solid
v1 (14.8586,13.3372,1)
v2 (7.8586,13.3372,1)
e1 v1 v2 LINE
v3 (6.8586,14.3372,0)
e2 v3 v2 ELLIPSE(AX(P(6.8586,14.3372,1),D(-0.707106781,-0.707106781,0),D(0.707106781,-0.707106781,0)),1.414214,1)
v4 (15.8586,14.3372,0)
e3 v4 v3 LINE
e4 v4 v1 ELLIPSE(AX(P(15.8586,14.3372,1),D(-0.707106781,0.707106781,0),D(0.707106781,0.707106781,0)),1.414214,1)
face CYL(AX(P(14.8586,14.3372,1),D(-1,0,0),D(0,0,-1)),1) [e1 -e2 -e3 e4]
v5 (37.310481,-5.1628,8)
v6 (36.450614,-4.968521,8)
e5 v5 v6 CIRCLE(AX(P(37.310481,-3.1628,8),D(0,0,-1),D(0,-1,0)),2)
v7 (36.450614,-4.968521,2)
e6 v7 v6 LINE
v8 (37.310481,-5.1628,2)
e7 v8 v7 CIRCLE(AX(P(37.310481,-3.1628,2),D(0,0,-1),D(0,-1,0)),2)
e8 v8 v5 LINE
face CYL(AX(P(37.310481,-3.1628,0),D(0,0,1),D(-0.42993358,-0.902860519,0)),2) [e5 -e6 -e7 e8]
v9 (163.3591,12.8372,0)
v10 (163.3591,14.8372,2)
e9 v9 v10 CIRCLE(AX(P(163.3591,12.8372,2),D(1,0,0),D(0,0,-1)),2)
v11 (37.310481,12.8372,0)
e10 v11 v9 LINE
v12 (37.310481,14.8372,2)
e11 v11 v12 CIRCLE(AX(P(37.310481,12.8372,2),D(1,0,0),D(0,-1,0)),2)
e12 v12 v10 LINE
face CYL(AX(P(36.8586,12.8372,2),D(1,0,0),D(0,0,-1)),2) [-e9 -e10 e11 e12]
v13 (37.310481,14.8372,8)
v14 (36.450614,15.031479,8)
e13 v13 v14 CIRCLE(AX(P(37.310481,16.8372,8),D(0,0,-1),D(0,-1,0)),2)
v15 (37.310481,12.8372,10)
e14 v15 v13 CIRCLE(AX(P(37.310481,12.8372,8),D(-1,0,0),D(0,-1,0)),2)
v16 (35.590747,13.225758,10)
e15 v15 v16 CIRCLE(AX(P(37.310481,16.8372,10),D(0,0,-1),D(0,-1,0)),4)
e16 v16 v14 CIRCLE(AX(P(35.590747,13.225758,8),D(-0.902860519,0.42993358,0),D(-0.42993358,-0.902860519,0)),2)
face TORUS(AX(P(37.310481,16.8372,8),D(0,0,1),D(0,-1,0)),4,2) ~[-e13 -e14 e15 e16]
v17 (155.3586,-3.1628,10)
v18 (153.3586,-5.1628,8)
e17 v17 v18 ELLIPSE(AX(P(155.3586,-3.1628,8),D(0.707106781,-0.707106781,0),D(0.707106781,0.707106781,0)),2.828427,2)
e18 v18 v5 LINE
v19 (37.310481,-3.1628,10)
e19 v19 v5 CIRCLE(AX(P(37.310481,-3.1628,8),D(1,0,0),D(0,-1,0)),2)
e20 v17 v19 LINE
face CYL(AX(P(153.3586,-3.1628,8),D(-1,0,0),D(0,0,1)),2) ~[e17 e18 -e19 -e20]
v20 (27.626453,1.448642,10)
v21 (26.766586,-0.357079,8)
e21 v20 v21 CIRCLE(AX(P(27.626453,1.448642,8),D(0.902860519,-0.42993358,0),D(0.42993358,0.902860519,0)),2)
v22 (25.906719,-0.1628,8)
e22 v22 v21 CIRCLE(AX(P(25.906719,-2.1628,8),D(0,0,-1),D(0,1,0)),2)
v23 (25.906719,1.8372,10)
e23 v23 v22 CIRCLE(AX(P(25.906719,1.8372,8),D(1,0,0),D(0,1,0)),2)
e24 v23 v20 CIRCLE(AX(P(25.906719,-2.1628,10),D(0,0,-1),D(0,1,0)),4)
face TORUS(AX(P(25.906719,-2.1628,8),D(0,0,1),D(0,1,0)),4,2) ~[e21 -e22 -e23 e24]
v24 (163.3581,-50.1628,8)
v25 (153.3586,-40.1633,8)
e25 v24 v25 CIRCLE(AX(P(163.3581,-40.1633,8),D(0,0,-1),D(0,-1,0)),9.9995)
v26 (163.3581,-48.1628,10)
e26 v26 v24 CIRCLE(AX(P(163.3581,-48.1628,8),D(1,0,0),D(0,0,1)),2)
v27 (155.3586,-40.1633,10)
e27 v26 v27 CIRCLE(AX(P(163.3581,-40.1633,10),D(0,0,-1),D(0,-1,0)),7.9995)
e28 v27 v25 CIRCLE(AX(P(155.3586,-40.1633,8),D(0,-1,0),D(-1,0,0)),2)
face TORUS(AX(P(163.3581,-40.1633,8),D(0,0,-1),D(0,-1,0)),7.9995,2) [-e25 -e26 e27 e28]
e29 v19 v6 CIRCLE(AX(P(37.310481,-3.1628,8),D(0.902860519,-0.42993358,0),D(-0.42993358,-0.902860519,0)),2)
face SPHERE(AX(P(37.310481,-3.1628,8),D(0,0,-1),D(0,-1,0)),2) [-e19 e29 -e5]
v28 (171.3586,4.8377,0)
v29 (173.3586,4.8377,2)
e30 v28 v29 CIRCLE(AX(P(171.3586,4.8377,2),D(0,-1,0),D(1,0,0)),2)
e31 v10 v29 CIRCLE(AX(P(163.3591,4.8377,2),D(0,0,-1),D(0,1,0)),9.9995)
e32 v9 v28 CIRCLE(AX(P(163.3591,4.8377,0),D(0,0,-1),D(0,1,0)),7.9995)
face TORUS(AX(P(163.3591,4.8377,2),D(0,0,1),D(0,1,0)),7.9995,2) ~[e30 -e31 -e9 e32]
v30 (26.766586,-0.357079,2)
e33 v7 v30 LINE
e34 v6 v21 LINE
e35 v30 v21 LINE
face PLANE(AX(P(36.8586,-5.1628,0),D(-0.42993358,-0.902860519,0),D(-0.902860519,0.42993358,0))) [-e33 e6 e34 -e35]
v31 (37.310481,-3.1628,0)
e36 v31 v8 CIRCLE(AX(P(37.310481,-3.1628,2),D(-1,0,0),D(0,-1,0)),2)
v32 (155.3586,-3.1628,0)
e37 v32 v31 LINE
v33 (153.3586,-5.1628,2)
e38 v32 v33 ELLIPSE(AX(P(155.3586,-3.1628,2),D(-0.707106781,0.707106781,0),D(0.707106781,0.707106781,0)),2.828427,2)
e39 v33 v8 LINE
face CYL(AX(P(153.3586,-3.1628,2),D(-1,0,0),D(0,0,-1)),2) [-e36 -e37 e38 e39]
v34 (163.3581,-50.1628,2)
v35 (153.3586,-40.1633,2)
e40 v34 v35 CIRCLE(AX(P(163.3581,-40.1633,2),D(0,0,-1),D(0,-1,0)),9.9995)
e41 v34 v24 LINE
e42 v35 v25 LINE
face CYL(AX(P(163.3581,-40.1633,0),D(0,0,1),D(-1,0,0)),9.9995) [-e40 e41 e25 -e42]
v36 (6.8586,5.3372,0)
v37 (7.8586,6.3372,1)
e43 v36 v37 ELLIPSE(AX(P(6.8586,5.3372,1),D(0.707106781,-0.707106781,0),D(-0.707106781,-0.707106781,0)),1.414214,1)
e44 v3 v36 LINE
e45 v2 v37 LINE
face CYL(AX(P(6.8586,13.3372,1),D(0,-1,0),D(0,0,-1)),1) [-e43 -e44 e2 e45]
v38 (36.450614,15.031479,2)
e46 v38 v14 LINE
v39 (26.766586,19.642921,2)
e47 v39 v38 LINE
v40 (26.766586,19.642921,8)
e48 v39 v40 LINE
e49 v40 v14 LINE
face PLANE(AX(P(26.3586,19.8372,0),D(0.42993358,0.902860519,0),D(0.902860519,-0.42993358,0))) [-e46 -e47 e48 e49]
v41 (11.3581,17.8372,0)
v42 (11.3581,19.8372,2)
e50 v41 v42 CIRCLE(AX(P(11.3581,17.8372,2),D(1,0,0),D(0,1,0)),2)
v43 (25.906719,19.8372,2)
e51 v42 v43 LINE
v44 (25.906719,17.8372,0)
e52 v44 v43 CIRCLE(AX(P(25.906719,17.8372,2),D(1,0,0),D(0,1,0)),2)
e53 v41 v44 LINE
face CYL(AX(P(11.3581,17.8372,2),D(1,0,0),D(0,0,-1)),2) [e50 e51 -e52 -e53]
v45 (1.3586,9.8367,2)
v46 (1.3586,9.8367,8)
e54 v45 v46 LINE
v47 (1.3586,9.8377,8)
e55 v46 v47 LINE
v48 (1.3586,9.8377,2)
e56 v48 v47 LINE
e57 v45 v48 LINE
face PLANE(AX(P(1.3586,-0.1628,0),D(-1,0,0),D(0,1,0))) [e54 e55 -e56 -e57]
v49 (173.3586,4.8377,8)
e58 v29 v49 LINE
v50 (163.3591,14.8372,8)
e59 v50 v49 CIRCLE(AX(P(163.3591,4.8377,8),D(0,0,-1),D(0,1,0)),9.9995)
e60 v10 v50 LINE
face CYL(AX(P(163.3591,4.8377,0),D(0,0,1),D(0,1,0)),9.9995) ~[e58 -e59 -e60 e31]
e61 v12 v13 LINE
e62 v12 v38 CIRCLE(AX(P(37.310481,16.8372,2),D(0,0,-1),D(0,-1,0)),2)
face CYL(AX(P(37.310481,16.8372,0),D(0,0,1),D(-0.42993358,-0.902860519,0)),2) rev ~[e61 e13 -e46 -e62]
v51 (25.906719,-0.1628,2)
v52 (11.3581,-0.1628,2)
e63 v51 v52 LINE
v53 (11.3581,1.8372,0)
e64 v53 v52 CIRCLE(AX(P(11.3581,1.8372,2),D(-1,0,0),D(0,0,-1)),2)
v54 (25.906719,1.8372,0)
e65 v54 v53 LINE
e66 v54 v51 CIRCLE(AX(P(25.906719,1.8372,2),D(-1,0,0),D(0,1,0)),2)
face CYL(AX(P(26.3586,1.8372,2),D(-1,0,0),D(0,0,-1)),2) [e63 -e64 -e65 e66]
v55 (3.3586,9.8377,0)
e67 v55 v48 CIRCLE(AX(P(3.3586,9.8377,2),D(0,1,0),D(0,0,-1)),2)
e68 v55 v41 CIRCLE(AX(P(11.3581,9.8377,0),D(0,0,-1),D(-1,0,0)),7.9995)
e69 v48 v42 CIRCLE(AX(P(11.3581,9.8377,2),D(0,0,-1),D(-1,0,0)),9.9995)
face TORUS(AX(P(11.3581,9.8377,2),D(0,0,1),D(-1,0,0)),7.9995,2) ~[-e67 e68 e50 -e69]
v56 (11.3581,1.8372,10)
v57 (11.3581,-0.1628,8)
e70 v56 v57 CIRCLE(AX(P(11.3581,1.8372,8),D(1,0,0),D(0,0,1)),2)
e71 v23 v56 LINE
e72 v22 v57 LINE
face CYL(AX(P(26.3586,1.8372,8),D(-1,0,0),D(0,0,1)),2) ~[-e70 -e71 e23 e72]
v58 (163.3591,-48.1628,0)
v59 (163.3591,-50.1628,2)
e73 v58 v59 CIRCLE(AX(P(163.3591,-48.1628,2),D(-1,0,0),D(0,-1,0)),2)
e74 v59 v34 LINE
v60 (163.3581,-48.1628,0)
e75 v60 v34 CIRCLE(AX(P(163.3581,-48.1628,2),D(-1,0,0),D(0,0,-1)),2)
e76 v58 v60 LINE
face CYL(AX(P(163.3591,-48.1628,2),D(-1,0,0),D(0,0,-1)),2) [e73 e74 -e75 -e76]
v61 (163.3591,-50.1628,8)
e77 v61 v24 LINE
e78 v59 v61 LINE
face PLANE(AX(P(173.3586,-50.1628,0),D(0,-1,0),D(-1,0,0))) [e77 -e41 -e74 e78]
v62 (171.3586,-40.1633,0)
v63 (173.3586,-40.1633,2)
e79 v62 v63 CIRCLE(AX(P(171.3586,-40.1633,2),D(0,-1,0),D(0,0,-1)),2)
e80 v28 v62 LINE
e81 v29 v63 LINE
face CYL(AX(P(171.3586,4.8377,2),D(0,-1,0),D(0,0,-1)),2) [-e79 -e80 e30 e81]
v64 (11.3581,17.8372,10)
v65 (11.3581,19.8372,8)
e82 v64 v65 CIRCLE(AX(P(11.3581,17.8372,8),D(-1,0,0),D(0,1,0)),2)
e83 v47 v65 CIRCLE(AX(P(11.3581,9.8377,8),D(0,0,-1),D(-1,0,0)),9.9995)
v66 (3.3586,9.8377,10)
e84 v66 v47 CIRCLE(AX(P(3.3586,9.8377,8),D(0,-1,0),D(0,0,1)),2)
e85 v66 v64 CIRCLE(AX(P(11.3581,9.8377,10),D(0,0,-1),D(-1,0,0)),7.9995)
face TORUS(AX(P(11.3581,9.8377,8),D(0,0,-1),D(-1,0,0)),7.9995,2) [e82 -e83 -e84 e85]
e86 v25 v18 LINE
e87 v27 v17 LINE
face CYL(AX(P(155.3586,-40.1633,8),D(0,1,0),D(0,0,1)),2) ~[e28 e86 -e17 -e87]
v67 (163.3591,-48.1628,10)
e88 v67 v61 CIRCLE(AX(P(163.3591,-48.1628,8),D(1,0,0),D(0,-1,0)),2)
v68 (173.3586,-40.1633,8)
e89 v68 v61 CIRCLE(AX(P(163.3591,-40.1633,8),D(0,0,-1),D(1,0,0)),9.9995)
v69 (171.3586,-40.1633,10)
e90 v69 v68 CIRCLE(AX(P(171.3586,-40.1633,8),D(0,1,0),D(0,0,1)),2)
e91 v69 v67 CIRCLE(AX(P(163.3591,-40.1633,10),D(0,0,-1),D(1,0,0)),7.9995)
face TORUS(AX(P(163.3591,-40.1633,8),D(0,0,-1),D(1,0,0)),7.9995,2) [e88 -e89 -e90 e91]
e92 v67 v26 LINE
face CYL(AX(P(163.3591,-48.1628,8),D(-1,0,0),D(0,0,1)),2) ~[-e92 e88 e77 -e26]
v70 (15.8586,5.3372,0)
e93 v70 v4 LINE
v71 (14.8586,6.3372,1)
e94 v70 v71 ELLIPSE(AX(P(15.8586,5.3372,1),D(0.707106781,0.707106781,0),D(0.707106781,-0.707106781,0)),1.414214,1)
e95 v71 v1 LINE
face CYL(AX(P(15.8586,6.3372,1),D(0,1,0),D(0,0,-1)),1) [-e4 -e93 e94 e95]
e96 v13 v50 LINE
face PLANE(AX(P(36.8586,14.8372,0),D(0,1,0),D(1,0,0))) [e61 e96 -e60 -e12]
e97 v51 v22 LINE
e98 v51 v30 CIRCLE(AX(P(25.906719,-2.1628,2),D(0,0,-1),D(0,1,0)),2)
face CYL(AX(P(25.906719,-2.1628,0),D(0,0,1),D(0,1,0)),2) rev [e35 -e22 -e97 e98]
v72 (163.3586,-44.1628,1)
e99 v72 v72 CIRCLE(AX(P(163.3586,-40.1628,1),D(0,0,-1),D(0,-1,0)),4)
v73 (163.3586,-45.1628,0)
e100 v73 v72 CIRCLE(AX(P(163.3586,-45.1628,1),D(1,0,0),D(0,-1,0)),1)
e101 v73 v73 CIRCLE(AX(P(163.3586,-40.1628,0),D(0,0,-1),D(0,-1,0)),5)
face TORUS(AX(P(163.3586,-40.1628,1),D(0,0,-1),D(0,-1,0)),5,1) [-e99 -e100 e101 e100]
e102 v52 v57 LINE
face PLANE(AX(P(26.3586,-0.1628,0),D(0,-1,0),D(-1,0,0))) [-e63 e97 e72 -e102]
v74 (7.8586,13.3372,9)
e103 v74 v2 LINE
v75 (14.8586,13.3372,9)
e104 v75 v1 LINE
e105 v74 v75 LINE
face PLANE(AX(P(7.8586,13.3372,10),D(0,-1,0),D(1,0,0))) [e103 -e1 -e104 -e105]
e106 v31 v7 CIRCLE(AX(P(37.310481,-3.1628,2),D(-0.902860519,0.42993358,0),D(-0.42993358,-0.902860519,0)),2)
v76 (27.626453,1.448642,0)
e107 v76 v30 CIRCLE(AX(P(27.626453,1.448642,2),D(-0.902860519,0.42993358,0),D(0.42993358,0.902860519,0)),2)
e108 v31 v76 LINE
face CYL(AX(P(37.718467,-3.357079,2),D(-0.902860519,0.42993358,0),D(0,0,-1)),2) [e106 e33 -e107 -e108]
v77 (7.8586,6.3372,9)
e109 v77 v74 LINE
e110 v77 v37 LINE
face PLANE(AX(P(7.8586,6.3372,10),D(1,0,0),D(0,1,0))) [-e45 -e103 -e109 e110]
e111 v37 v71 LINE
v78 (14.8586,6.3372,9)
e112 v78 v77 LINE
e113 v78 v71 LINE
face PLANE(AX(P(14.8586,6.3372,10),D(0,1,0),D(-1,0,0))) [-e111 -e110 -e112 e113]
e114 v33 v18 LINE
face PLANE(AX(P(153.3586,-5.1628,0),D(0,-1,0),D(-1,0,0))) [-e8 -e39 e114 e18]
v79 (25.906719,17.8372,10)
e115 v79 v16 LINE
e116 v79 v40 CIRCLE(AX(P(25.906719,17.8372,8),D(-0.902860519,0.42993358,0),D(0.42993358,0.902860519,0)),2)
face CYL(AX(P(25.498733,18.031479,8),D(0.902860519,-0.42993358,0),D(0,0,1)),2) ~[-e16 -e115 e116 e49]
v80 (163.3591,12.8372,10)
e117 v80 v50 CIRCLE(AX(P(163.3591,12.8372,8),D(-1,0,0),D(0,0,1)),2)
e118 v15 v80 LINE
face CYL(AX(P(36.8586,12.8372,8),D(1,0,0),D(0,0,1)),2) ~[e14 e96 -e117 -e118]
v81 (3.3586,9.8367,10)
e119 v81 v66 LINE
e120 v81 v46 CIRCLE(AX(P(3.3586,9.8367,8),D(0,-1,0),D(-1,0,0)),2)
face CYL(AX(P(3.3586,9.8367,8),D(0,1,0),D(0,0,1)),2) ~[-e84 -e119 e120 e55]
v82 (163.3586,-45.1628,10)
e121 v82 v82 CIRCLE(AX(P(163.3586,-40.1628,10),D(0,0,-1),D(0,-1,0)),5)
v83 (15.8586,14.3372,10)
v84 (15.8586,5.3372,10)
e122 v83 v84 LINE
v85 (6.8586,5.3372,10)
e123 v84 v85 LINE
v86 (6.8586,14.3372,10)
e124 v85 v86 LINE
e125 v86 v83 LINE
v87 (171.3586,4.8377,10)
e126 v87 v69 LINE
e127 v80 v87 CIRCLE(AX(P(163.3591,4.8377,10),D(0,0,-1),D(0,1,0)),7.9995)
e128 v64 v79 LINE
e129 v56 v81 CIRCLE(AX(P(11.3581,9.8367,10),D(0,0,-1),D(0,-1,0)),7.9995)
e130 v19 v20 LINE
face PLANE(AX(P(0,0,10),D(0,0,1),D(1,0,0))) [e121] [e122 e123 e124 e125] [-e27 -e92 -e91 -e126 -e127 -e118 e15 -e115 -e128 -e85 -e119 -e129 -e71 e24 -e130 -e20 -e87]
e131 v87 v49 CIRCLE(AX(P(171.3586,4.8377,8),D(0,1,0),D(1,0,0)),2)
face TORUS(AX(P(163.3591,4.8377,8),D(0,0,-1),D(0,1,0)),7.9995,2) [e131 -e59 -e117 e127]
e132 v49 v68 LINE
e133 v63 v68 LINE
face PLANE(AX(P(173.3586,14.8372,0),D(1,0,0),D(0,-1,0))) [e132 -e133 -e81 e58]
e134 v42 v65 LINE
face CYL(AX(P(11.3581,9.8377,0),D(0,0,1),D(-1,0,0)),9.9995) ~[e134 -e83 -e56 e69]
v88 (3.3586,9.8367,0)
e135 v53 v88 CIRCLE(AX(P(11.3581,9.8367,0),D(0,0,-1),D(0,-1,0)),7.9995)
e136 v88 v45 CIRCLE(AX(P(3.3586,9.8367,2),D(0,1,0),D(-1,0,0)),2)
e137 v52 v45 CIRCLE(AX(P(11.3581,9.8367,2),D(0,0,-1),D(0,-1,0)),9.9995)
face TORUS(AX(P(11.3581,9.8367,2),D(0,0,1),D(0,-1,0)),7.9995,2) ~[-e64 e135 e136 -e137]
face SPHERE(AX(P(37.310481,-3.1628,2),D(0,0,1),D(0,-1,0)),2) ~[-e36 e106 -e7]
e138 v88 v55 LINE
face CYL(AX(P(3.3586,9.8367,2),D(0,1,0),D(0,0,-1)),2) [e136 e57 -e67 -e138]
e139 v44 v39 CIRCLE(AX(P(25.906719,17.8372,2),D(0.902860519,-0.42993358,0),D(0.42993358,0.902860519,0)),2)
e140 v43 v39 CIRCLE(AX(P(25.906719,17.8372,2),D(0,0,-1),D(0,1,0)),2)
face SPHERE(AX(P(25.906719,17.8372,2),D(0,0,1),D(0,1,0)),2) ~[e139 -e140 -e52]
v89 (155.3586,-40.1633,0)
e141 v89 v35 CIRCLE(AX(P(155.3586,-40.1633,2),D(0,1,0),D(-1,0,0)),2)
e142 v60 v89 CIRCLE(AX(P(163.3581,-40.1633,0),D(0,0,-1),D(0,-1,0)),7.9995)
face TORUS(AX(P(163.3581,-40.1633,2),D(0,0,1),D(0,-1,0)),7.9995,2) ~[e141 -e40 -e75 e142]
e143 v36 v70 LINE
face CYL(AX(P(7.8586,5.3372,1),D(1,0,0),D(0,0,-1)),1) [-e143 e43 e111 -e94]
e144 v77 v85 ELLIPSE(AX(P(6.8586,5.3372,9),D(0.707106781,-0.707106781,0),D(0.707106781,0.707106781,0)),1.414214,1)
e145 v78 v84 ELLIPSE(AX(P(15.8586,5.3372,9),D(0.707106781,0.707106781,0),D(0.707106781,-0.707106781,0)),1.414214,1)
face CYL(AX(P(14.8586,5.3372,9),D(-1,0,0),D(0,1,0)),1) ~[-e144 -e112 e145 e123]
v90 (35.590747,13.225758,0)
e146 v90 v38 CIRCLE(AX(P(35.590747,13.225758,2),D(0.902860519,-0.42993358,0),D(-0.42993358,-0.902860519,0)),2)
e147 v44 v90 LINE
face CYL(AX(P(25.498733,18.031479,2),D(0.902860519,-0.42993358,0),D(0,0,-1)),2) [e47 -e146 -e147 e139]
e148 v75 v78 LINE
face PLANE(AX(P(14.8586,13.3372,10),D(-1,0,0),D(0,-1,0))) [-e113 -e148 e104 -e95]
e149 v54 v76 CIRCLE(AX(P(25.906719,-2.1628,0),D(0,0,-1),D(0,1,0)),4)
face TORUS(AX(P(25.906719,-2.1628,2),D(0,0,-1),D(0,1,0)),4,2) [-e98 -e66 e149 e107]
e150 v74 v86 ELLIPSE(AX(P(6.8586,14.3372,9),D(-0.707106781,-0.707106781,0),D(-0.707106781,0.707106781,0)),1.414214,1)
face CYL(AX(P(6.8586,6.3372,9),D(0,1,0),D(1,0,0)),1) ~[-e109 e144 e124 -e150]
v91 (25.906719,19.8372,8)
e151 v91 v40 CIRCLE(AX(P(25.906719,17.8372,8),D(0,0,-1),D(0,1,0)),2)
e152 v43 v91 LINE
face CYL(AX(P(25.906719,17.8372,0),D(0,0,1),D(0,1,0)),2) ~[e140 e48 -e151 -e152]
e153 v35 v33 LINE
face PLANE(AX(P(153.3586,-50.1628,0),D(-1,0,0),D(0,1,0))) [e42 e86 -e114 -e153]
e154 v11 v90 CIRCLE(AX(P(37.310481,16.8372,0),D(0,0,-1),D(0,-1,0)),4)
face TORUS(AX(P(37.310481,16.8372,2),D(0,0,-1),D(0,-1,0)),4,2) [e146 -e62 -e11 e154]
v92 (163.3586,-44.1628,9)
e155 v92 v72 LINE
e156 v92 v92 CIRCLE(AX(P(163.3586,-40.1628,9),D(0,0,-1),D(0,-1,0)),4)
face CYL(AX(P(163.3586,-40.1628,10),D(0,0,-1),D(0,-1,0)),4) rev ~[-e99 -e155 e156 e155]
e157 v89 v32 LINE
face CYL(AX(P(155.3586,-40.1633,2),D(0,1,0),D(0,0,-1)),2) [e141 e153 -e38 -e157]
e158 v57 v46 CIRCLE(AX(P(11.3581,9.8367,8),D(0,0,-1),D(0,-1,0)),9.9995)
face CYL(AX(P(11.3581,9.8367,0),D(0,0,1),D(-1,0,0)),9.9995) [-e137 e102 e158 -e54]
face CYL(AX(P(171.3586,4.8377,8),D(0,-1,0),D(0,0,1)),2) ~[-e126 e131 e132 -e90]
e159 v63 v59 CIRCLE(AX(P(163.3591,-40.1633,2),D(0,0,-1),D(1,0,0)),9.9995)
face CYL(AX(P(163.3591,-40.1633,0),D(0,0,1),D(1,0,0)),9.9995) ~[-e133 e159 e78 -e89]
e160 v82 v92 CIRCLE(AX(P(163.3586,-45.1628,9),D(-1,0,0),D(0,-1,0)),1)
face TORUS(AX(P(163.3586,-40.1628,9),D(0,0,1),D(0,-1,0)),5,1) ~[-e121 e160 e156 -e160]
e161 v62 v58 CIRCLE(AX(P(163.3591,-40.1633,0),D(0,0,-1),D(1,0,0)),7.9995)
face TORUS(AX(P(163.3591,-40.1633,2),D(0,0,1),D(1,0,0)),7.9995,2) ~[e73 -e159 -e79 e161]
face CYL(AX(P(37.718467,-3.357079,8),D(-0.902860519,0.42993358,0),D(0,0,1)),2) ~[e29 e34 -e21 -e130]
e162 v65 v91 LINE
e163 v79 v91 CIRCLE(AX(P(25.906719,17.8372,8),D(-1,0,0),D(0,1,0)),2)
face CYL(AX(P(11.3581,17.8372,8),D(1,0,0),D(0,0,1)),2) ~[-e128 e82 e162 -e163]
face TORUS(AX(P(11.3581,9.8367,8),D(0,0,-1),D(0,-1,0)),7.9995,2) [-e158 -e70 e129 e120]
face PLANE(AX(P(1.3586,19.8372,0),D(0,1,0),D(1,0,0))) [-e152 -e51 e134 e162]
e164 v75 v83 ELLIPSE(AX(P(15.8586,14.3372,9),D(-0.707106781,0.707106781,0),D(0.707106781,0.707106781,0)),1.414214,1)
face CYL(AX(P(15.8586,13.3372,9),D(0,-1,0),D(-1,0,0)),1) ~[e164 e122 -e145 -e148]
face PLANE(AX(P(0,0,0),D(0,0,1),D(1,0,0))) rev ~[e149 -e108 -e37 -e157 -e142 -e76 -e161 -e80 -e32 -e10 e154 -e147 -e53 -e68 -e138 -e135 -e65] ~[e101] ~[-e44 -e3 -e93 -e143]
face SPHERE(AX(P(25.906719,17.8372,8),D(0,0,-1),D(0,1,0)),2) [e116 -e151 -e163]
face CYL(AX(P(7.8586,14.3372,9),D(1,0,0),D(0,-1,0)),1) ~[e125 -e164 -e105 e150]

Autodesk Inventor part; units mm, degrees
ref_plane "YZ Plane" through (0, 0, 0) normal (1, 0, 0) x (0, 1, 0)
ref_plane "XZ Plane" through (0, 0, 0) normal (0, 1, 0) x (-1, 0, 0)
ref_plane "XY Plane" through (0, 0, 0) normal (0, 0, 1) x (1, 0, 0)
sketch "Sketch4" plane through (0, 0, 0) normal (0, 0, 1) x (1, 0, 0)
  line L0 (1.3586, -0.1628) -> (1.3586, 19.8372)
  line L1 (1.3586, 19.8372) -> (26.3586, 19.8372)
  line L2 (26.3586, 19.8372) -> (36.8586, 14.8372)
  line L3 (36.8586, 14.8372) -> (173.3586, 14.8372)
  line L4 (173.3586, 14.8372) -> (173.3586, -50.1628)
  line L5 (173.3586, -50.1628) -> (153.3586, -50.1628)
  line L6 (153.3586, -50.1628) -> (153.3586, -5.1628)
  line L7 (153.3586, -5.1628) -> (36.8586, -5.1628)
  line L8 (36.8586, -5.1628) -> (26.3586, -0.1628)
  line L9 (26.3586, -0.1628) -> (1.3586, -0.1628)
  dimension "d55" = 20
  dimension "d56" = 25
  dimension "d57" = 5
  dimension "d58" = 20
  dimension "d59" = 45
  dimension "d60" = 152
  dimension "d61" = 10.5
extrude "Arm Base" add sketch "Sketch4" along normal blind 10
sketch "Sketch5" plane through (0, 0, 10) normal (0, 0, 1) x (1, 0, 0)
  line L0 (153.3586, -50.1628) -> (173.3586, -50.1628) projected
  line L1 (153.3586, -5.1628) -> (153.3586, -50.1628) projected
  point P0 (163.3586, -40.1628)
  dimension "d62" = 10
  dimension "d63" = 10
hole "Pivot Holes" at (163.3586, -40.1628, 10) direction (0, 0, -1) diameter 8 end through all
sketch "Sketch6" plane through (0, 0, 10) normal (0, 0, 1) x (1, 0, 0)
  line L0 (7.8586, 13.3372) -> (14.8586, 13.3372)
  line L1 (14.8586, 13.3372) -> (14.8586, 6.3372)
  line L2 (14.8586, 6.3372) -> (7.8586, 6.3372)
  line L3 (7.8586, 6.3372) -> (7.8586, 13.3372)
  line L4 (1.3586, 19.8372) -> (1.3586, -0.1628) projected
  point P0 (0, 0)
  point P1 (7.8586, 9.8372)
  point P2 (1.3586, 9.8372)
  dimension "d48" = 7
  dimension "d64" = 6.5
extrude "Extrusion5" cut sketch "Sketch6" against normal up to next
fillet "Fillet2" radius 10 5 edges at (1.3586, -0.1628, 5) (1.3586, 19.8372, 5) (173.3586, -50.1628, 5) (153.3586, -50.1628, 5) (173.3586, 14.8372, 5)
fillet "Fillet3" radius 2 26 edges at (170.4298, 11.9084, 10) (173.3586, -17.6628, 10) (170.4298, -47.234, 10) (153.3586, -22.6631, 10) (100.1089, 14.8372, 10) (95.1086, -5.1628, 10) (170.4298, -47.234, 0) (153.3586, -22.6631, 0) (170.4298, 11.9084, 0) (100.1089, 14.8372, 0) (173.3586, -17.6628, 0) (95.1086, -5.1628, 0) (18.8584, -0.1628, 0) (18.8584, 19.8372, 0) (4.2874, 2.766, 0) (18.8584, 19.8372, 10) (18.8584, -0.1628, 10) (4.2874, 2.766, 10) (31.6086, 17.3372, 10) (31.6086, -2.6628, 10) (31.6086, -2.6628, 0) (31.6086, 17.3372, 0) (26.3586, 19.8372, 5) (36.8586, 14.8372, 5) (26.3586, -0.1628, 5) (36.8586, -5.1628, 5)
fillet "Fillet4" radius 1 2 edges at (163.3586, -36.1628, 10) (163.3586, -36.1628, 0)
fillet "Fillet5" radius 1 8 edges at (7.8586, 9.8372, 10) (11.3586, 13.3372, 10) (14.8586, 9.8372, 10) (11.3586, 6.3372, 10) (7.8586, 9.8372, 0) (11.3586, 6.3372, 0) (14.8586, 9.8372, 0) (11.3586, 13.3372, 0)
properties part number "Lift Arm Lower"
